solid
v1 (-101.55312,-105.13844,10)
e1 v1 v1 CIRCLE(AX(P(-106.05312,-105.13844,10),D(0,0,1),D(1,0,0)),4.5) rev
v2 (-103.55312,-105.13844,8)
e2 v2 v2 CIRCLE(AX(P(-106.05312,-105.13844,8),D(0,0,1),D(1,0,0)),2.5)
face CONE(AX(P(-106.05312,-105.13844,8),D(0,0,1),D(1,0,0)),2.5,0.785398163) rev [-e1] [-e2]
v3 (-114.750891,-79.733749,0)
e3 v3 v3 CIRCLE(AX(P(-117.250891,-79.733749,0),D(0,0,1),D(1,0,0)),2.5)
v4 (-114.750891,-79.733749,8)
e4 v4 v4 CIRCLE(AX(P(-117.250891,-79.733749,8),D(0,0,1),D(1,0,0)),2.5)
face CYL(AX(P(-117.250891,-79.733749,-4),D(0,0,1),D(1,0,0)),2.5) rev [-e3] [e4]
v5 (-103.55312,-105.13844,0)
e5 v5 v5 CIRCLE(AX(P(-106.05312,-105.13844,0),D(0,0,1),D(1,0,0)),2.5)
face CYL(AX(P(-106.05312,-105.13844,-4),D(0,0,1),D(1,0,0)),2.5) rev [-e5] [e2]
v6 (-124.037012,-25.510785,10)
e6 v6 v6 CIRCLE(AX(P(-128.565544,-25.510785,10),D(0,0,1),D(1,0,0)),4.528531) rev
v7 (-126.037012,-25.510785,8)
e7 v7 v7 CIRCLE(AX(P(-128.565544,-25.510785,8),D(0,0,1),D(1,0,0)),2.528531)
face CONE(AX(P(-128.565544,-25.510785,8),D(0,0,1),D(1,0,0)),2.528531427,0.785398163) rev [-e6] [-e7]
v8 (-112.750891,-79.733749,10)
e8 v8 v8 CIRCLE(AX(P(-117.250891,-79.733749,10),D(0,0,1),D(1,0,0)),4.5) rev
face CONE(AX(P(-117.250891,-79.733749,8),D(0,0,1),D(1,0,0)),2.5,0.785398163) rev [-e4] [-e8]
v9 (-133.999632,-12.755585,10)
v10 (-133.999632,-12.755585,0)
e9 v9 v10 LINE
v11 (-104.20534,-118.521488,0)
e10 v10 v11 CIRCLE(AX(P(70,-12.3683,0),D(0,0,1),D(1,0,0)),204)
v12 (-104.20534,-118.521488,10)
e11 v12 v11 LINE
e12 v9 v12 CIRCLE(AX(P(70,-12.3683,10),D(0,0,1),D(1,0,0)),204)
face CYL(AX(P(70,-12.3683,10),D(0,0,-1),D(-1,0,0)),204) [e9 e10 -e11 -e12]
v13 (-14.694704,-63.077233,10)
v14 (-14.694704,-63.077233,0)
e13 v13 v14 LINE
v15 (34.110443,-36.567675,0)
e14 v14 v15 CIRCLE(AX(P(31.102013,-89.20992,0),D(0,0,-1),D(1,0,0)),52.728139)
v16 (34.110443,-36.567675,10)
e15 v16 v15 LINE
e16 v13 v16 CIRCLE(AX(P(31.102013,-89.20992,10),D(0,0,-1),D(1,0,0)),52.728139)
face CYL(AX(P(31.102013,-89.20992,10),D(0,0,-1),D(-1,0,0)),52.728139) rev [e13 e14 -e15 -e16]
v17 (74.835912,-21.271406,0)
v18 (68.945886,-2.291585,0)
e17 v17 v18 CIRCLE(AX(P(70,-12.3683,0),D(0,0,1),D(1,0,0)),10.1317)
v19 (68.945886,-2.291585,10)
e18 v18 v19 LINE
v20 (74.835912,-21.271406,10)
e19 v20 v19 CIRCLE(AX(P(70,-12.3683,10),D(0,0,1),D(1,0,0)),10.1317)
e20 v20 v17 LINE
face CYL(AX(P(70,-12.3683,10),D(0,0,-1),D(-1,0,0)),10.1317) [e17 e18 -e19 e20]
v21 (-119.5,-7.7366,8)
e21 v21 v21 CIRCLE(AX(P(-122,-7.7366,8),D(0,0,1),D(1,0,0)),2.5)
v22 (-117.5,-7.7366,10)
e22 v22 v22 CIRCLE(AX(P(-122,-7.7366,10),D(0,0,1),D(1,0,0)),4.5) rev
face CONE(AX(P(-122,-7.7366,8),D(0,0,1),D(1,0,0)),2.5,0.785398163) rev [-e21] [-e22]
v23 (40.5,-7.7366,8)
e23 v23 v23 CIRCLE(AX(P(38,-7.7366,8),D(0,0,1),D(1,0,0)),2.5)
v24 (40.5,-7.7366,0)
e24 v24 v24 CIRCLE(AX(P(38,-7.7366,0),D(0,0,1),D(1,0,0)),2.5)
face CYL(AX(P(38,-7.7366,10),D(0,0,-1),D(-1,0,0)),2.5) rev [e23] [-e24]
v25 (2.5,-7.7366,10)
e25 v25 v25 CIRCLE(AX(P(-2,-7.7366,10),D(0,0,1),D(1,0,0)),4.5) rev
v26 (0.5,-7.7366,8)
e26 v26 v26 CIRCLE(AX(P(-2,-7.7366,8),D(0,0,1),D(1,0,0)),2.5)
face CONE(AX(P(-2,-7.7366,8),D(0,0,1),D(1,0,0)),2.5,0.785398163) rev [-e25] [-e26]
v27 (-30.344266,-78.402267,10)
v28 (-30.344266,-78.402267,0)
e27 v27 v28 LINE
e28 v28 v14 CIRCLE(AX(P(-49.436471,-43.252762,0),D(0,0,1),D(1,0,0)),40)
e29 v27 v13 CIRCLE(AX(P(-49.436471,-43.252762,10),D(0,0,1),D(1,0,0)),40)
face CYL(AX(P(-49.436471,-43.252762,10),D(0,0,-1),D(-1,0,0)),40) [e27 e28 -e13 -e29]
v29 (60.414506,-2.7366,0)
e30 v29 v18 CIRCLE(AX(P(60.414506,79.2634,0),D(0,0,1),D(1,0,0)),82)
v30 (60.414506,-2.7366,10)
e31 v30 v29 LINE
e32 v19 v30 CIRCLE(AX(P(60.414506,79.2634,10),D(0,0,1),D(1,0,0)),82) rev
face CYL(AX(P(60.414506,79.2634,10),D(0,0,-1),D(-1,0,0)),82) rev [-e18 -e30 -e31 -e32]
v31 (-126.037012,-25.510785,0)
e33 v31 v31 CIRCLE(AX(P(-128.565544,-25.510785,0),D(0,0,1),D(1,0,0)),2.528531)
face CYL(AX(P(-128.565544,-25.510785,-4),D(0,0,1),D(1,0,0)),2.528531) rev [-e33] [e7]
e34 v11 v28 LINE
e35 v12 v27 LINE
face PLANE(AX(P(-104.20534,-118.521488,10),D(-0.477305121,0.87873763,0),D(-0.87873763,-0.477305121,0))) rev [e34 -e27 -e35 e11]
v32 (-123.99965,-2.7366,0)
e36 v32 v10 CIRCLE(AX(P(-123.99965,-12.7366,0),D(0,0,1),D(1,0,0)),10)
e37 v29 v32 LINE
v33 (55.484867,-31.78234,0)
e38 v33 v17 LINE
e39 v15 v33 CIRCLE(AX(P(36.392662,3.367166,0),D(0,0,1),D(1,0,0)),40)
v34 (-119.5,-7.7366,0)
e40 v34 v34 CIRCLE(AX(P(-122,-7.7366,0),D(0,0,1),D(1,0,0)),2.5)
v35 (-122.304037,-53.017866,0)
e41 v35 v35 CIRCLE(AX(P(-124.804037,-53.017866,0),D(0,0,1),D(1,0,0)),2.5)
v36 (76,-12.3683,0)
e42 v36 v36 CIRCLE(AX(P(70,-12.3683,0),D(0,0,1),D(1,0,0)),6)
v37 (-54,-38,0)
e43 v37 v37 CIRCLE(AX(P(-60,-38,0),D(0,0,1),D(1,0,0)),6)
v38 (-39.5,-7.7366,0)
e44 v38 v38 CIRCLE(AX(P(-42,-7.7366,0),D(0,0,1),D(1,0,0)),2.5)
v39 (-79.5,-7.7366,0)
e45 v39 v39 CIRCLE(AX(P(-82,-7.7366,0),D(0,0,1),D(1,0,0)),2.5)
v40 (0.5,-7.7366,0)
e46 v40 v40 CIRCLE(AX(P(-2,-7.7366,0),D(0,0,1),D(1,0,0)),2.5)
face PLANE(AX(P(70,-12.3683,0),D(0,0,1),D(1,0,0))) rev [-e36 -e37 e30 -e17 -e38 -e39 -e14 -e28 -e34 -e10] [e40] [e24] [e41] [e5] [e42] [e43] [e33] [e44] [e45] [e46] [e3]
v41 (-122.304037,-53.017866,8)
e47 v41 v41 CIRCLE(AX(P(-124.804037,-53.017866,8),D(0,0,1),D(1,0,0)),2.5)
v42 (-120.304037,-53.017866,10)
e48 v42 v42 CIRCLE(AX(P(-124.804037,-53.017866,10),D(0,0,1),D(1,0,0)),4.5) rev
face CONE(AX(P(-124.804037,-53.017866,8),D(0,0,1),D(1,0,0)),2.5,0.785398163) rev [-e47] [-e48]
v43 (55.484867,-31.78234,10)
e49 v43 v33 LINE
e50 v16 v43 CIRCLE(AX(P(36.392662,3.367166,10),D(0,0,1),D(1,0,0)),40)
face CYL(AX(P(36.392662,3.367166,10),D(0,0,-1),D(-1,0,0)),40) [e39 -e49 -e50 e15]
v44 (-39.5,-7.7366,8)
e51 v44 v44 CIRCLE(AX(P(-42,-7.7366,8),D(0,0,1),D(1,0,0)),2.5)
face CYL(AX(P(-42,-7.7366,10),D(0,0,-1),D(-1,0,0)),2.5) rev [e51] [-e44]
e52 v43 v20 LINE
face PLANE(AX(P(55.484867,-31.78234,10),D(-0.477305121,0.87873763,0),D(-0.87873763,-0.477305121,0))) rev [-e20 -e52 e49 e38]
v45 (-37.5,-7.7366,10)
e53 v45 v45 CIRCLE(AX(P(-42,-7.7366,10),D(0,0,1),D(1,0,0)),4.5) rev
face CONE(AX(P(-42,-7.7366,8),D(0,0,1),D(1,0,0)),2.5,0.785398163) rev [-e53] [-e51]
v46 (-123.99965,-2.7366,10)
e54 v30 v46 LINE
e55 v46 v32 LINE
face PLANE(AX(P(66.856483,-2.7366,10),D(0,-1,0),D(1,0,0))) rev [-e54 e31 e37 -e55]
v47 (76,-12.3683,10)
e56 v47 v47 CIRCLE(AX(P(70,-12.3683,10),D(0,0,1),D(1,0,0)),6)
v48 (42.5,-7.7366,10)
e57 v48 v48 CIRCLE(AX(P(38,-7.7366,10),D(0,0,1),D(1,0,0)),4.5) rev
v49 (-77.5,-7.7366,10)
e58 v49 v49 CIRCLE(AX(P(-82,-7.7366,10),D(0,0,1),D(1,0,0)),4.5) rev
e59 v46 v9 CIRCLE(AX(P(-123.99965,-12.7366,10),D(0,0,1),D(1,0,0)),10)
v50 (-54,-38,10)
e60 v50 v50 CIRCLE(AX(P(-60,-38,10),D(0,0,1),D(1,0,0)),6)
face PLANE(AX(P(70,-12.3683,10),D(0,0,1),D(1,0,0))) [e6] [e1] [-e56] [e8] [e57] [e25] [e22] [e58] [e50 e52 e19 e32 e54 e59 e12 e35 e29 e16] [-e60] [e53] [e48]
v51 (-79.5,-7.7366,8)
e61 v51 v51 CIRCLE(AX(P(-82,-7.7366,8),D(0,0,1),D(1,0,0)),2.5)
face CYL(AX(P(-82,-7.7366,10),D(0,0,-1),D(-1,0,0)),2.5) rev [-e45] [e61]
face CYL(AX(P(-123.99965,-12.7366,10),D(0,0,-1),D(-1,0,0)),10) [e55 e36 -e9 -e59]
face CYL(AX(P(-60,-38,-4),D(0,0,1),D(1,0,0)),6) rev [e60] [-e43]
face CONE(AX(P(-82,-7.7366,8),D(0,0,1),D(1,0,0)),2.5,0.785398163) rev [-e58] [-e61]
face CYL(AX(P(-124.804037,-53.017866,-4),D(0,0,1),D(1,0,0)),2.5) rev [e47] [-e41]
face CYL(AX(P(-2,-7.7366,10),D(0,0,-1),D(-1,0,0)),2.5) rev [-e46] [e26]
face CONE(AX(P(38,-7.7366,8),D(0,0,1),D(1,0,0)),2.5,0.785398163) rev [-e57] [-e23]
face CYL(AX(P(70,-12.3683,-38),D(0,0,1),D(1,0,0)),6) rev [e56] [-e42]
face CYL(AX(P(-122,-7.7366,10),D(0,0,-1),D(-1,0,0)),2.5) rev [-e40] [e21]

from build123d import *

# Parameters (mm, degrees)
SKETCH1_R           = 2.5
BOSS_EXTRUDE1_DEPTH = 10
CHAMFER1_SIZE       = 2
SKETCH2_R           = 6
CUT_EXTRUDE1_DEPTH  = 48
SKETCH3_R           = 6
CUT_EXTRUDE2_DEPTH  = 14
SKETCH4_R           = 2.528531427
SKETCH4_R_2         = 2.5
CUT_EXTRUDE3_DEPTH  = 14
CHAMFER2_SIZE       = 2
FILLET1_R           = 82


with BuildPart() as part:
    # Sketch1 → Boss-Extrude1 (new body)
    with BuildSketch(Plane.XY):
        with BuildLine():
            Line((55.484867262, -31.782339645), (74.83591229, -21.271406043))
            ThreePointArc((74.83591229, -21.271406043), (79.305955572, -8.361988007), (66.856482862, -2.7366))
            Line((66.856482862, -2.7366), (-123.999650399, -2.7366))
            ThreePointArc((-123.999650399, -2.7366), (-131.077427076, -5.672247424), (-133.999632379, -12.755584536))
            ThreePointArc((-133.999632379, -12.755584536), (-126.357727013, -67.682340192), (-104.205340418, -118.521488224))
            Line((-104.205340418, -118.521488224), (-30.34426595, -78.402267355))
            ThreePointArc((-30.34426595, -78.402267355), (-21.450076132, -71.83180545), (-14.694704232, -63.077233349))
            ThreePointArc((-14.694704232, -63.077233349), (5.93460242, -42.875720255), (34.110442904, -36.567674809))
            ThreePointArc((34.110442904, -36.567674809), (45.131584541, -35.666553732), (55.484867262, -31.782339645))
        make_face()
        with Locations((-122, -7.7366)):
            Circle(SKETCH1_R, mode=Mode.SUBTRACT)
        with Locations((-82, -7.7366)):
            Circle(SKETCH1_R, mode=Mode.SUBTRACT)
        with Locations((-42, -7.7366)):
            Circle(SKETCH1_R, mode=Mode.SUBTRACT)
        with Locations((-2, -7.7366)):
            Circle(SKETCH1_R, mode=Mode.SUBTRACT)
        with Locations((38, -7.7366)):
            Circle(SKETCH1_R, mode=Mode.SUBTRACT)
    extrude(amount=BOSS_EXTRUDE1_DEPTH)

    # Chamfer1
    chamfer1_edges = [part.edges().sort_by_distance(p)[0] for p in [
        (-124.5, -7.7366, 10),
        (-84.5, -7.7366, 10),
        (-44.5, -7.7366, 10),
        (-4.5, -7.7366, 10),
        (35.5, -7.7366, 10),
    ]]
    chamfer(chamfer1_edges, length=CHAMFER1_SIZE)

    # Sketch2 → Cut-Extrude1 (cut)
    with BuildSketch(Plane.XY.offset(10)):
        with Locations((70, -12.3683)):
            Circle(SKETCH2_R)
    extrude(amount=-CUT_EXTRUDE1_DEPTH, mode=Mode.SUBTRACT)

    # Sketch3 → Cut-Extrude2 (cut)
    with BuildSketch(Plane.XY.offset(10)):
        with Locations((-60, -38)):
            Circle(SKETCH3_R)
    extrude(amount=-CUT_EXTRUDE2_DEPTH, mode=Mode.SUBTRACT)

    # Sketch4 → Cut-Extrude3 (cut)
    with BuildSketch(Plane.XY.offset(10)):
        with Locations((-128.565543545, -25.510785173)):
            Circle(SKETCH4_R)
        with Locations((-124.80403691, -53.01786585)):
            Circle(SKETCH4_R_2)
        with Locations((-117.250891281, -79.733748965)):
            Circle(SKETCH4_R_2)
        with Locations((-106.053120049, -105.138440244)):
            Circle(SKETCH4_R_2)
    extrude(amount=-CUT_EXTRUDE3_DEPTH, mode=Mode.SUBTRACT)

    # Chamfer2
    chamfer2_edges = [part.edges().sort_by_distance(p)[0] for p in [
        (-131.094074972, -25.510785173, 10),
        (-127.30403691, -53.01786585, 10),
        (-119.750891281, -79.733748965, 10),
        (-108.553120049, -105.138440244, 10),
    ]]
    chamfer(chamfer2_edges, length=CHAMFER2_SIZE)

    # Fillet1
    fillet1_edges = [part.edges().sort_by_distance(p)[0] for p in [
        (66.856482862, -2.7366, 5),
    ]]
    fillet(fillet1_edges, radius=FILLET1_R)


solid = part.part
